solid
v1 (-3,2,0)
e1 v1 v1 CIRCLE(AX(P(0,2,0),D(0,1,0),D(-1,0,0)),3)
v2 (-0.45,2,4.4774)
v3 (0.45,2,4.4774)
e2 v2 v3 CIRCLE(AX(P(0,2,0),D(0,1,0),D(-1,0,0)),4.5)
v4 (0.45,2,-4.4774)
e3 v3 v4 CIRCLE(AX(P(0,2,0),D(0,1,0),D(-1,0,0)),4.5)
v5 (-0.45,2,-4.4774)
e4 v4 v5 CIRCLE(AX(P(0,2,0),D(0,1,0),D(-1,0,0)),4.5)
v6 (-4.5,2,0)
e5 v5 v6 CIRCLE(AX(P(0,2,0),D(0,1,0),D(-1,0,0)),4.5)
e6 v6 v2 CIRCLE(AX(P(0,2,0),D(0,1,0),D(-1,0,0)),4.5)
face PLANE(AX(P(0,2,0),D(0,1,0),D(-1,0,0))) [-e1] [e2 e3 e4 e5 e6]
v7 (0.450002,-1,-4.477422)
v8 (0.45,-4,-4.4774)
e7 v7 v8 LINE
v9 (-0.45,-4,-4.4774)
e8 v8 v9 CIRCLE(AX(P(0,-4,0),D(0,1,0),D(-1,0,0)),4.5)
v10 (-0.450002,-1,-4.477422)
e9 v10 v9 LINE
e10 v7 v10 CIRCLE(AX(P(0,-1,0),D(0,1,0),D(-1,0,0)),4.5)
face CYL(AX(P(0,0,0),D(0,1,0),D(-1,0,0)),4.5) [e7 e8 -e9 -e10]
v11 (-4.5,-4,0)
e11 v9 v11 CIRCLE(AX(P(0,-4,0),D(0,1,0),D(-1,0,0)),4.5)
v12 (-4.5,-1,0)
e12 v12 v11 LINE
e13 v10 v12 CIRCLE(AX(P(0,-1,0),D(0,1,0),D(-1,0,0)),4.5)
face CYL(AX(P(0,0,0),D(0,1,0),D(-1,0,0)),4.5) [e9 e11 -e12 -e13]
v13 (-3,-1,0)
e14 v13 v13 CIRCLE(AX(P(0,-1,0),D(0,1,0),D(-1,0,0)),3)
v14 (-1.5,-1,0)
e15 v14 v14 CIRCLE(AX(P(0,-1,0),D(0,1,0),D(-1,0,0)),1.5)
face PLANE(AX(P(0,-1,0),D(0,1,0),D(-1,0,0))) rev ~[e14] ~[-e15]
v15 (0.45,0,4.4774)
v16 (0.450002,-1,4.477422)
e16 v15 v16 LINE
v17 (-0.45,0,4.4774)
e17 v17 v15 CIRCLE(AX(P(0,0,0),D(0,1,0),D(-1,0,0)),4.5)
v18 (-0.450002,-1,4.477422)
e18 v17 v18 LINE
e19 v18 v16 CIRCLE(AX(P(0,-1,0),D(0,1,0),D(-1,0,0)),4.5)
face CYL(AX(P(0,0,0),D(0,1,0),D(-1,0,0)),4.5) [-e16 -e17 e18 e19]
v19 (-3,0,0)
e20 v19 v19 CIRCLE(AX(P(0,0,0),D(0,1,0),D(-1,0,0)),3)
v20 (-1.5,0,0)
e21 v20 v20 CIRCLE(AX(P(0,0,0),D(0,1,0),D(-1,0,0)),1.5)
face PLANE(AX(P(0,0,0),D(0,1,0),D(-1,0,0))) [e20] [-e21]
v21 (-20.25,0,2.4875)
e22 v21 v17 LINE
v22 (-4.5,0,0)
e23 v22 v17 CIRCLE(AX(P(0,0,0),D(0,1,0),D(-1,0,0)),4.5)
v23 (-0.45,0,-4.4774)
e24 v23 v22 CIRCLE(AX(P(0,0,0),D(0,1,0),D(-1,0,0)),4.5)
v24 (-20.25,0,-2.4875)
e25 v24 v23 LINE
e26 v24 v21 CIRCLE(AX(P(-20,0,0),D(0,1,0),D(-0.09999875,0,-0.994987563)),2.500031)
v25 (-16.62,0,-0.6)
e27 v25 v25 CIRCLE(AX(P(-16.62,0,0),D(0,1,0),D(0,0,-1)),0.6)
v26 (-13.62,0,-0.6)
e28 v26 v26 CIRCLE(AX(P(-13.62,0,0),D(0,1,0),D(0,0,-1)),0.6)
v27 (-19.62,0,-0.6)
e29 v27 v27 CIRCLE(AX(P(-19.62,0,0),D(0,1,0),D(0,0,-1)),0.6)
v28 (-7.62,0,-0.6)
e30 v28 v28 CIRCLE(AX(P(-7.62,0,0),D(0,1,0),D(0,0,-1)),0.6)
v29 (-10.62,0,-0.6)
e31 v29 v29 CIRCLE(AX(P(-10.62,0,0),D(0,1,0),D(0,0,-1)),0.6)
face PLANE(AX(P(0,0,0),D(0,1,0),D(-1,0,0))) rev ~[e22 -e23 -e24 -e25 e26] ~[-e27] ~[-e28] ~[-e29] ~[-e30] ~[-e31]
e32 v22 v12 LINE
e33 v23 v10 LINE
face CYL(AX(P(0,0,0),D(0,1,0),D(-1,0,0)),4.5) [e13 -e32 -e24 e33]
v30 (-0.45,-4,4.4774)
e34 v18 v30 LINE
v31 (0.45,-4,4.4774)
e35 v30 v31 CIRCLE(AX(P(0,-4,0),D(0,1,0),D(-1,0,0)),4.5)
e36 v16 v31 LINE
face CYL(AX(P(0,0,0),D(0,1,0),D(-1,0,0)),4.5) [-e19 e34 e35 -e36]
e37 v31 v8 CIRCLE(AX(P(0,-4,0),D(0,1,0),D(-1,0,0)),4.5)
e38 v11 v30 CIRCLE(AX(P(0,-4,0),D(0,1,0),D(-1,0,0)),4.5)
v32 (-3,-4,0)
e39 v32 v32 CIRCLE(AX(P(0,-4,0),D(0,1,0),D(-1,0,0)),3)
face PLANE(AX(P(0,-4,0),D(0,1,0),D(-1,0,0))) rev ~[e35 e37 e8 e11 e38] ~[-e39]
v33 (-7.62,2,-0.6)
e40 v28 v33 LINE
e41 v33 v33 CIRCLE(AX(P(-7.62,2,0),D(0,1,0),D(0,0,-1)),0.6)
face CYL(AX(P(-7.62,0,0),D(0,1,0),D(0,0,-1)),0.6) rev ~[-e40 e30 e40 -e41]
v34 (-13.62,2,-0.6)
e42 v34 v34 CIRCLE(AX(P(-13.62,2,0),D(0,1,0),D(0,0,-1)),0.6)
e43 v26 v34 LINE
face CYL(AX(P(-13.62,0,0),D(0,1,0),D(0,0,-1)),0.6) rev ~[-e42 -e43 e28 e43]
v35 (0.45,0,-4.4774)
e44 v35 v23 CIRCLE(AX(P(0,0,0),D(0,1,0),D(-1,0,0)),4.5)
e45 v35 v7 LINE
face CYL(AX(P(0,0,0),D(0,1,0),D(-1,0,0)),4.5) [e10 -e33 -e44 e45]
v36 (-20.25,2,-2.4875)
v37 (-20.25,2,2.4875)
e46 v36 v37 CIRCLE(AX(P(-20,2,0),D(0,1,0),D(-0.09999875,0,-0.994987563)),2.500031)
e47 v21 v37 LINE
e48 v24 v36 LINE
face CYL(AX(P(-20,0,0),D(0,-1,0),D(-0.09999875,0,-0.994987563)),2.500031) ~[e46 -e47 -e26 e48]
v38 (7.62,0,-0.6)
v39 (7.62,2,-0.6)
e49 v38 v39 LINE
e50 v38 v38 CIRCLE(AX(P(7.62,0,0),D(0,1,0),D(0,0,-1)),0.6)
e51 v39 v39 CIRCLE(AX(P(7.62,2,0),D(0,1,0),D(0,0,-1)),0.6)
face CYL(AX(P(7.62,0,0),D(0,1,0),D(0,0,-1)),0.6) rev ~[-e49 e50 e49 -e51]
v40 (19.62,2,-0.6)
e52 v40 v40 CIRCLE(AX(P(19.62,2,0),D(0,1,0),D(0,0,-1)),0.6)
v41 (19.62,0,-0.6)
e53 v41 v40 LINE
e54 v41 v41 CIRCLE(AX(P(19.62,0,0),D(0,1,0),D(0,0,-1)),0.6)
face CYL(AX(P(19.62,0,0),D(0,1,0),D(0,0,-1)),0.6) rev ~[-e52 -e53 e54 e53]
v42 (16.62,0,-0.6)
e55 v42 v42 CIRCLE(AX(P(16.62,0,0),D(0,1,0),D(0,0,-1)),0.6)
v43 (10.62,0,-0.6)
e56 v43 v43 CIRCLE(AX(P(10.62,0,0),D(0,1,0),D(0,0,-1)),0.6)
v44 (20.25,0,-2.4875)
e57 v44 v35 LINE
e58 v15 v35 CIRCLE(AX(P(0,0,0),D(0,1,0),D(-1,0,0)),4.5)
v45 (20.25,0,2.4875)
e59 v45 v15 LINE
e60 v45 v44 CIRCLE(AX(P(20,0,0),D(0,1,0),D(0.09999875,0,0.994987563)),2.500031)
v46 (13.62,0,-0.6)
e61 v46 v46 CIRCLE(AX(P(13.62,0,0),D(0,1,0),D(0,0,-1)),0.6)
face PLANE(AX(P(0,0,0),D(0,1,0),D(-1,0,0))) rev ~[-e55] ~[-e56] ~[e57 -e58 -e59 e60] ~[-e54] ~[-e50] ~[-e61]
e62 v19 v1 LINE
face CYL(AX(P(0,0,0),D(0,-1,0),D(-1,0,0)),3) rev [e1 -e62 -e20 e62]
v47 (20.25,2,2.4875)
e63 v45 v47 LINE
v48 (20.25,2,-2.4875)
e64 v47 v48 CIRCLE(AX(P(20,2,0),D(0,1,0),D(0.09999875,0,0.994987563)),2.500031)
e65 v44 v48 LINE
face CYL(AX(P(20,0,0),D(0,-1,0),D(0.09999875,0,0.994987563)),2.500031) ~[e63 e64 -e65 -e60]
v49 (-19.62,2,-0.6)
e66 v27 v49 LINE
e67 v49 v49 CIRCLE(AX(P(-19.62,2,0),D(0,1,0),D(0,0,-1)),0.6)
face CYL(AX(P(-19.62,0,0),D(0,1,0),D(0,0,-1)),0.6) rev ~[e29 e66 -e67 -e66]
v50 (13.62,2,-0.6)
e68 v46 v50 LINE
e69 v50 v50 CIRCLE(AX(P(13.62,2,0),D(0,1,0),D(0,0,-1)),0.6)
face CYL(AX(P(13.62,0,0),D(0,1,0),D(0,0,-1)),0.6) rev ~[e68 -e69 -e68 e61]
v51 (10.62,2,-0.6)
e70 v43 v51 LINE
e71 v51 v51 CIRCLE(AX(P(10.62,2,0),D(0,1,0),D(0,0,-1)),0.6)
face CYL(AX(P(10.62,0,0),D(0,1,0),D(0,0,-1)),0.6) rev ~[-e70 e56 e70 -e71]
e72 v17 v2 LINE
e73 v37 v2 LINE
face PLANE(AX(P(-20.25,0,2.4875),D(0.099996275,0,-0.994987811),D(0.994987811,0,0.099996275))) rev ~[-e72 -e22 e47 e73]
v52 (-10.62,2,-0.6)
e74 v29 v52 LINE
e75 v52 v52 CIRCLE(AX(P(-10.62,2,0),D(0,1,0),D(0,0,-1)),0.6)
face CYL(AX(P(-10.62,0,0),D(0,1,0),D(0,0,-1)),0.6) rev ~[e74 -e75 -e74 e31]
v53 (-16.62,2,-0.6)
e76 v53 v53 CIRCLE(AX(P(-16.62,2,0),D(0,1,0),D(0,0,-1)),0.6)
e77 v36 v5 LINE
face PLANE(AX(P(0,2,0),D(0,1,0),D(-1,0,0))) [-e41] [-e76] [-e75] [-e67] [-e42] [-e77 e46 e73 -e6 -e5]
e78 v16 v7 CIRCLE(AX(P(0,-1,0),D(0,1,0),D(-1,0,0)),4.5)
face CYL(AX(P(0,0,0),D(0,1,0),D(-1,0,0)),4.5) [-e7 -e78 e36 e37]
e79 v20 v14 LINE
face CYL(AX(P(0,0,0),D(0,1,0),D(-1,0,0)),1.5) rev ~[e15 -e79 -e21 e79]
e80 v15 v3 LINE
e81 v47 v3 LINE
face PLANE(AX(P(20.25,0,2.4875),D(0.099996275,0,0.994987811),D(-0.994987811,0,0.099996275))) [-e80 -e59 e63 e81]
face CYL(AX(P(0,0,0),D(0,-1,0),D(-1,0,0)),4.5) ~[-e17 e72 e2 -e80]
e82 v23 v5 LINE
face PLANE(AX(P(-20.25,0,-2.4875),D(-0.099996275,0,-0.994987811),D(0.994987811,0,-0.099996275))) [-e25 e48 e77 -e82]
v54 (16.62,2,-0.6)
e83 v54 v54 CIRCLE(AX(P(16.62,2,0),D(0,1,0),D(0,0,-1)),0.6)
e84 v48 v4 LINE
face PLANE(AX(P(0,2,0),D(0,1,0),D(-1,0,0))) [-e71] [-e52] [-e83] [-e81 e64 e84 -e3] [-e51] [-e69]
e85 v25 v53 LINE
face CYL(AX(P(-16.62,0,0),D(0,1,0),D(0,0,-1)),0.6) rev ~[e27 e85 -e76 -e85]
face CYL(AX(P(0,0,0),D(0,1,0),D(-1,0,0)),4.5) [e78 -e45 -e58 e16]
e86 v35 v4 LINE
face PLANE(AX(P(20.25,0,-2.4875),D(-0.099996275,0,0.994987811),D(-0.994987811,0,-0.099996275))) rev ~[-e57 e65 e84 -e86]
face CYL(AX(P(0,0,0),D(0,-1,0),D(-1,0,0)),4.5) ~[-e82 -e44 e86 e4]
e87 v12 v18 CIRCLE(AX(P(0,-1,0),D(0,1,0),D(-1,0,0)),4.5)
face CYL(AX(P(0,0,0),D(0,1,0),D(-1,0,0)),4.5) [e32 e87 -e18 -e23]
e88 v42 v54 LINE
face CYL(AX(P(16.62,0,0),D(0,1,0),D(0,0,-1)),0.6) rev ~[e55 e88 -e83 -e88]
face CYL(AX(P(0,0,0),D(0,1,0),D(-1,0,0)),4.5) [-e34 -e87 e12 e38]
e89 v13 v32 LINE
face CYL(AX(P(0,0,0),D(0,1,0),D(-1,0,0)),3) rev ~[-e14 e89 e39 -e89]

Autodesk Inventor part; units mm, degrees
ref_plane "YZ Plane" through (0, 0, 0) normal (1, 0, 0) x (0, 1, 0)
ref_plane "XZ Plane" through (0, 0, 0) normal (0, 1, 0) x (-1, 0, 0)
ref_plane "XY Plane" through (0, 0, 0) normal (0, 0, 1) x (1, 0, 0)
sketch "Sketch1" plane through (0, 0, 0) normal (0, 1, 0) x (-1, 0, 0)
  circle A0 centre (0, 0) radius 3
  circle A1 centre (0, 0) radius 4.5
  line L0 (0, 0) -> (7.62, 0) construction
  circle A2 centre (0, 0) radius 1.5
  line L1 (0, 0) -> (0, 4.5) construction
  arc A3 (20.25, -2.4875) -> (20.25, 2.4875) centre (20, 0) ccw
  line L2 (20, 0) -> (0, 0)
  arc A4 (-20.25, 2.4875) -> (-20.25, -2.4875) centre (-20, 0) ccw
  line L3 (20.25, 2.4875) -> (0.45, 4.4774)
  line L4 (20.25, -2.4875) -> (0.45, -4.4774)
  line L5 (-20.25, -2.4875) -> (-0.45, -4.4774)
  line L6 (-20.25, 2.4875) -> (-0.45, 4.4774)
  point P0 (10.62, 0)
  point P1 (13.62, 0)
  point P2 (16.62, 0)
  point P3 (19.62, 0)
  point P4 (-7.62, 0)
  point P5 (-7.62, 0)
  point P6 (-10.62, 0)
  point P7 (-13.62, 0)
  point P8 (-16.62, 0)
  point P9 (-19.62, 0)
  dimension "d0" = 6
  dimension "d1" = 9
  dimension "d2" = 7.62
  dimension "d6" = 3
  dimension "d9" = 3
  dimension "d14" = 2.5
  dimension "d15" = 40
extrude "Extrusion1" add sketch "Sketch1" along normal blind 2 contours A1 | A1 L3 A3 L4 | A1 L5 A4 L6
extrude "Extrusion2" add sketch "Sketch1" against normal blind 1 contours A0 | A1
extrude "Extrusion3" add sketch "Sketch1" against normal blind 4 contours A1
hole "Hole1" at (-7.62, 0, 0) at (-10.62, 0, 0) at (-13.62, 0, 0) at (-16.62, 0, 0) at (-19.62, 0, 0) at (19.62, 0, 0) at (16.62, 0, 0) at (13.62, 0, 0) at (10.62, 0, 0) at (7.62, 0, 0) direction (0, 1, 0) diameter 1.2 depth 8 tip angle 118
properties part number "servo arm HK15138 2 cut to 1"
